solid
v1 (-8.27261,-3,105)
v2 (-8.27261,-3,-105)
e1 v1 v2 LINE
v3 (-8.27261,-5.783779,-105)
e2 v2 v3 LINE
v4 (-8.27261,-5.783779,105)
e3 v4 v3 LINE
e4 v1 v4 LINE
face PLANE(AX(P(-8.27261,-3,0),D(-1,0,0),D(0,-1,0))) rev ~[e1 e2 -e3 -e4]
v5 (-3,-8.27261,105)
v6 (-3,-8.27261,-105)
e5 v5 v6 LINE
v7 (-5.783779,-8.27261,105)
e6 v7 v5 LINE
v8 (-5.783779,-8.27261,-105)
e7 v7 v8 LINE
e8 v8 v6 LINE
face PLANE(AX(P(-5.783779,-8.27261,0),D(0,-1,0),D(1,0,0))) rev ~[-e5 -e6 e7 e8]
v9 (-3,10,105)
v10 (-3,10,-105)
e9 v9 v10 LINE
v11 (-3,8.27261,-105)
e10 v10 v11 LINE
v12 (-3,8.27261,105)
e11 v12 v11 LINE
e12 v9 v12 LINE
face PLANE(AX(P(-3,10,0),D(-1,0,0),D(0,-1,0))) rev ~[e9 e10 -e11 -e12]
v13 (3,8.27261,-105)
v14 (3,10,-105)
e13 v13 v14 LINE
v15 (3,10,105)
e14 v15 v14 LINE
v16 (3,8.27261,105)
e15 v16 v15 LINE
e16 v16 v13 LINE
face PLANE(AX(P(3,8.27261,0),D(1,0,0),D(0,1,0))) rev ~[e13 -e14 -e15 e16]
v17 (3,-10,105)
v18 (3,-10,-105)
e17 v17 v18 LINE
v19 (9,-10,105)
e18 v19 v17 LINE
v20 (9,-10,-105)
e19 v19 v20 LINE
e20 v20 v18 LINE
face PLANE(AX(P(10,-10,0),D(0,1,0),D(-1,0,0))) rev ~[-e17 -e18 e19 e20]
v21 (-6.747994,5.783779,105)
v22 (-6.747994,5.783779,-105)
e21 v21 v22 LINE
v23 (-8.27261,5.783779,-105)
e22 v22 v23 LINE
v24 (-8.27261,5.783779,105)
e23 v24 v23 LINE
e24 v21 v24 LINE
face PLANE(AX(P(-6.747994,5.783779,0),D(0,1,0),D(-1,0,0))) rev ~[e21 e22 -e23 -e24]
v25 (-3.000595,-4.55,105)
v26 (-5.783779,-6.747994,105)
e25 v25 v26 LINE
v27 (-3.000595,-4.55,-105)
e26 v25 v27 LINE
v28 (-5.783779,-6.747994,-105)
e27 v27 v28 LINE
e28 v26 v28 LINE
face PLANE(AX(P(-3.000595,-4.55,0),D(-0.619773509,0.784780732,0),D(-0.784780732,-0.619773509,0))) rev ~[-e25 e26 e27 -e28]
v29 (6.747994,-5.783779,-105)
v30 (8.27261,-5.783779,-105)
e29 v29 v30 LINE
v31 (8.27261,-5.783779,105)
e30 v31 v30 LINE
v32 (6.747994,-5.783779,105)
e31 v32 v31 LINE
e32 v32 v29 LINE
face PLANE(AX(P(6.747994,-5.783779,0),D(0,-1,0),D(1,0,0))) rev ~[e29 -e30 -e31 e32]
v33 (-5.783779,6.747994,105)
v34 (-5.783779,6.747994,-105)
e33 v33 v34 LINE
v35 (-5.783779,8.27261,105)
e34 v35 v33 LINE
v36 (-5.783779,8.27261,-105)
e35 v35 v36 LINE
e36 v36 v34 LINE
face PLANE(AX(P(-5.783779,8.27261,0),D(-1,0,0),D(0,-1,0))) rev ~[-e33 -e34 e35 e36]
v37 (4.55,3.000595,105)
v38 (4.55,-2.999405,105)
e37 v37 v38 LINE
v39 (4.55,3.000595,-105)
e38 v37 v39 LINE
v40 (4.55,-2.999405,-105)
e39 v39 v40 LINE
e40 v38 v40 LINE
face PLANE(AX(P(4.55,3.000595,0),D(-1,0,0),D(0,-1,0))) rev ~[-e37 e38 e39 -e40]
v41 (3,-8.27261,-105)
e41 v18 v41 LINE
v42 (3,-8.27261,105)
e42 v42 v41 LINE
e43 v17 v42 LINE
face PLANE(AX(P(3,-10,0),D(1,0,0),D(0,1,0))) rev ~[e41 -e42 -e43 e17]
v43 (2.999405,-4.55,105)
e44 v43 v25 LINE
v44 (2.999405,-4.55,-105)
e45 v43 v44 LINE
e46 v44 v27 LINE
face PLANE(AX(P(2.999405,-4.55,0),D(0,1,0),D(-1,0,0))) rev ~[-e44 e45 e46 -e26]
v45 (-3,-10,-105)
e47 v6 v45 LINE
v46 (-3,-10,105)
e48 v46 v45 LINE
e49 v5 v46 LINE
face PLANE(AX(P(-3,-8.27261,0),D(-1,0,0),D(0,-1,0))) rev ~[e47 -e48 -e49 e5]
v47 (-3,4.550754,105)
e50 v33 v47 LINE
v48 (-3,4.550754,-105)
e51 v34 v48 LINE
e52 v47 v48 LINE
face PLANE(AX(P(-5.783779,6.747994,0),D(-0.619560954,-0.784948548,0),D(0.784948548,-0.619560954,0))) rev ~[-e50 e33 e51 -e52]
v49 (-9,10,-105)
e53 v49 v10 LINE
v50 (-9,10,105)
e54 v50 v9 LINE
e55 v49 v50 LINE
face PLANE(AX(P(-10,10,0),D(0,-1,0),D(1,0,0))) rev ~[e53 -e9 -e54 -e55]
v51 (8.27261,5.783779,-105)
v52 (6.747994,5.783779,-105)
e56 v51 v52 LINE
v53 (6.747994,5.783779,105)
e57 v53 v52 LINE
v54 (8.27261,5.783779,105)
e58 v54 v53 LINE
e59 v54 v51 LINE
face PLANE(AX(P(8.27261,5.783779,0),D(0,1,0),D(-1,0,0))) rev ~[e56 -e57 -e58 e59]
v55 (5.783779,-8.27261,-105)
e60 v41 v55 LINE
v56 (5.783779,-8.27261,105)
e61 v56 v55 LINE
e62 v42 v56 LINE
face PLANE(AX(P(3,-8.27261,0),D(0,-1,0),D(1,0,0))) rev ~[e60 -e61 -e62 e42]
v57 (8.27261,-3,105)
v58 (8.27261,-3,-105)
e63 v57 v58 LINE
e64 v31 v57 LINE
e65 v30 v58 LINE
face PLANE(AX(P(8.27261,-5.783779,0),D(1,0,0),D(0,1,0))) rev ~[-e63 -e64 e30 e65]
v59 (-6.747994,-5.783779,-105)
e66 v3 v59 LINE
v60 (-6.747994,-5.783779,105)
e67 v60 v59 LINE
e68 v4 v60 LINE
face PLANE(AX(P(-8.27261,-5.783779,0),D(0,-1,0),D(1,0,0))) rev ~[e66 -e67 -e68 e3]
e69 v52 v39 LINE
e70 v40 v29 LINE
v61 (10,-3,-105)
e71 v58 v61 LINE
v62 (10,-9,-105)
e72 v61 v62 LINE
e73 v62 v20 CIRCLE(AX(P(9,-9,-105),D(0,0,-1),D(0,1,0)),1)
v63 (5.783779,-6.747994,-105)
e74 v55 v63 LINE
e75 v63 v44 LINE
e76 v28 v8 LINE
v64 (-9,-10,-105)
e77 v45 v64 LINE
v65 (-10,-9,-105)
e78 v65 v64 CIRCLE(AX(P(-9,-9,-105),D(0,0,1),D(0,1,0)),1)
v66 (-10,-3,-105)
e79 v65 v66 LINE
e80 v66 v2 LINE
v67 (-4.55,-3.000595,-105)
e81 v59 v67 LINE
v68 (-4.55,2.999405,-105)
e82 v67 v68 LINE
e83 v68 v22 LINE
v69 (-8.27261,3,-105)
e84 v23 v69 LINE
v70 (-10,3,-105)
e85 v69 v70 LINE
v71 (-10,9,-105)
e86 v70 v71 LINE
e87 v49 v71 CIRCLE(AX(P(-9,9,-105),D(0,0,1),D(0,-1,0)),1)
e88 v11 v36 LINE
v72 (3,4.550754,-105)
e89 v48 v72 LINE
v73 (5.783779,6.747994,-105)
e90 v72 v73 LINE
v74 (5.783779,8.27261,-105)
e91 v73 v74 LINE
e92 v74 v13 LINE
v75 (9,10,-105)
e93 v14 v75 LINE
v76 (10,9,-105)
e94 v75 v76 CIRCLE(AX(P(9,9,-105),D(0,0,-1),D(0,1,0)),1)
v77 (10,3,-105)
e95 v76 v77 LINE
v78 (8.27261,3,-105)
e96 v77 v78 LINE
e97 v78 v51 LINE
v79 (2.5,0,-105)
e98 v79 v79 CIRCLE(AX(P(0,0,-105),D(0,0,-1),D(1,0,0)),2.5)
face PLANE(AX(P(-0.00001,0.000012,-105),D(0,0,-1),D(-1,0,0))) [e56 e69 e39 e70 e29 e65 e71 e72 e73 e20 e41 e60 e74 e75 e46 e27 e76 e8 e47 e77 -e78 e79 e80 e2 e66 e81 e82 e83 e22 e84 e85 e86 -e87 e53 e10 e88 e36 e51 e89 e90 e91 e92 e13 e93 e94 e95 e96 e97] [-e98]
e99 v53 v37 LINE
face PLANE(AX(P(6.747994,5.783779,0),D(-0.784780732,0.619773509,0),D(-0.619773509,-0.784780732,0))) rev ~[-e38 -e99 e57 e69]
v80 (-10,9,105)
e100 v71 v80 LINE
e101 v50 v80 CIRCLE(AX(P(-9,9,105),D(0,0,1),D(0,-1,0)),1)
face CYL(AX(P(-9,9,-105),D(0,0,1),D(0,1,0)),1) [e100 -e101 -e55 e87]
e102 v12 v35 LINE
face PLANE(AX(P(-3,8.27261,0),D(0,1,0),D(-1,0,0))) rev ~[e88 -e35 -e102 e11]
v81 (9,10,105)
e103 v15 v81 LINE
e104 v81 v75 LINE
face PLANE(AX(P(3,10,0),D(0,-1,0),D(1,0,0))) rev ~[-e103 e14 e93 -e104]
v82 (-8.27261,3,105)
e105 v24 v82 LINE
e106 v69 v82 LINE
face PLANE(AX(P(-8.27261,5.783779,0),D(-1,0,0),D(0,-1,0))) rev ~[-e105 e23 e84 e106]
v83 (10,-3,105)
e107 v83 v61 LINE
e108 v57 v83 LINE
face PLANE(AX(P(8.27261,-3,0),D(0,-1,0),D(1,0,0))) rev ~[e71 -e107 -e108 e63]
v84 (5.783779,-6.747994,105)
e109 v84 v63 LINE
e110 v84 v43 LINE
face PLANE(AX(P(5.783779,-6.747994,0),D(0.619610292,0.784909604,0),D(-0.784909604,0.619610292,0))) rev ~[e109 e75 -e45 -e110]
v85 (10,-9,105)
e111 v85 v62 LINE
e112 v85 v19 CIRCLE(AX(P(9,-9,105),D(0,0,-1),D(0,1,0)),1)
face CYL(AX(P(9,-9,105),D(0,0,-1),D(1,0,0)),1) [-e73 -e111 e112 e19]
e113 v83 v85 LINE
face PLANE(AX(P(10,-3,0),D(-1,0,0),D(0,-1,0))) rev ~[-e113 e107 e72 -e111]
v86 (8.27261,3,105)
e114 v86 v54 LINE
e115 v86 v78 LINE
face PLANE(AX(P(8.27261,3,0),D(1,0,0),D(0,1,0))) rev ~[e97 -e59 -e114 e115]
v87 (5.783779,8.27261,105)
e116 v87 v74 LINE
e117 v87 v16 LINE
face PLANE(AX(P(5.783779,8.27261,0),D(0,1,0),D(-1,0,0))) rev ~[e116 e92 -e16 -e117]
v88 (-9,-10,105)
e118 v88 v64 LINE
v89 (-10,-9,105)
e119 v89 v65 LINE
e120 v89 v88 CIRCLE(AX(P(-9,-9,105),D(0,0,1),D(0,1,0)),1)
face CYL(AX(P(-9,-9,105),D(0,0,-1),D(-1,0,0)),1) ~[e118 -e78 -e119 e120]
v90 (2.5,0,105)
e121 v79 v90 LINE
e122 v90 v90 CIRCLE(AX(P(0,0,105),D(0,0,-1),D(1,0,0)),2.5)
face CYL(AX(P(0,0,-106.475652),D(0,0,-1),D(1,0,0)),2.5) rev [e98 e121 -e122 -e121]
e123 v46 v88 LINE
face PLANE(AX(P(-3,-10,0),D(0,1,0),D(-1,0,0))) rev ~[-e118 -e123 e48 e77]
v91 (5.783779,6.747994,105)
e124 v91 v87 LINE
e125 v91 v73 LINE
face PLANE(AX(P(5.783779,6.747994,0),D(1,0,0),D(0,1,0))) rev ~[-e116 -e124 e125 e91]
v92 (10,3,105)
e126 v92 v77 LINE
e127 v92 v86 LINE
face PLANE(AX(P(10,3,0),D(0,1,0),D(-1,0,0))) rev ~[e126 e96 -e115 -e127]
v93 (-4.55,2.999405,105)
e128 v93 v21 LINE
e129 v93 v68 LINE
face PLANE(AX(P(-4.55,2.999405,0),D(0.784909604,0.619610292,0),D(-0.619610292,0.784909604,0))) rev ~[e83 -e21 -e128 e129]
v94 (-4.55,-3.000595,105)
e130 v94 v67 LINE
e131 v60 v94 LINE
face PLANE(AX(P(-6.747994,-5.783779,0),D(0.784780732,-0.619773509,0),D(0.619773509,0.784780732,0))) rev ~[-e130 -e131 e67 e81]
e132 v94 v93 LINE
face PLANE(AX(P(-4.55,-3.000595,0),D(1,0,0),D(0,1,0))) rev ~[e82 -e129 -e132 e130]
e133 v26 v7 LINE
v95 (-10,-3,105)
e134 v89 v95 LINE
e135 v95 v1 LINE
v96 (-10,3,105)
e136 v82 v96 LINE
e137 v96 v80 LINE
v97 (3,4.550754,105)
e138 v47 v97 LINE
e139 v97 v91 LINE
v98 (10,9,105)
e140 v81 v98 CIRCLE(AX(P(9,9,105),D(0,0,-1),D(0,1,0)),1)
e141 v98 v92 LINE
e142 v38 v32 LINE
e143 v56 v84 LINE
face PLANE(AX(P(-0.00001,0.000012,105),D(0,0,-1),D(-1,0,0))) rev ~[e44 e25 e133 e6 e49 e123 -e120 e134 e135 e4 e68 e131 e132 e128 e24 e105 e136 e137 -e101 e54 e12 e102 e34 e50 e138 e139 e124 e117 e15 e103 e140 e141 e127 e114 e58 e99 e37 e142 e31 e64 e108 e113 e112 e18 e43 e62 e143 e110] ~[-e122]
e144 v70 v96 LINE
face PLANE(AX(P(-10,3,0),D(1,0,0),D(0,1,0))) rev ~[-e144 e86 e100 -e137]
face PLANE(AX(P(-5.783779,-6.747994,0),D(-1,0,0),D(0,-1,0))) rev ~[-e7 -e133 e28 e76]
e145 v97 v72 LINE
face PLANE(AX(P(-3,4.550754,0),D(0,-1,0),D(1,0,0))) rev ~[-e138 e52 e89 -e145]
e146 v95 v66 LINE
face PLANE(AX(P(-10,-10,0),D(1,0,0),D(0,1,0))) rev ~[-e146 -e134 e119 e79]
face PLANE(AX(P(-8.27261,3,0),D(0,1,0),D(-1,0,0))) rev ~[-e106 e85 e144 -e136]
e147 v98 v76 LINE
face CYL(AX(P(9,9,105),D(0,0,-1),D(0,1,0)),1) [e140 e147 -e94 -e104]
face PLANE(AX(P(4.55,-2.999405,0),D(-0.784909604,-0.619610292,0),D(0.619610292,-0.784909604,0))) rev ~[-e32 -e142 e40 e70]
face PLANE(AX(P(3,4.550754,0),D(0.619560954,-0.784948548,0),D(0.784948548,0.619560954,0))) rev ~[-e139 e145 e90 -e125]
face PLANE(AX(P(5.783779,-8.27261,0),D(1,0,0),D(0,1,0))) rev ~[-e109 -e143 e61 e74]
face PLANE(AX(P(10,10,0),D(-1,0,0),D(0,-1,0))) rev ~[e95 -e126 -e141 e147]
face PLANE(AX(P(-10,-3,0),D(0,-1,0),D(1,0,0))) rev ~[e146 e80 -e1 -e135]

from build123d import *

# Parameters (mm, degrees)
BOSS_EXTRUDE1_DEPTH     = 105
CUT_EXTRUDE1_DEPTH      = 211.475651798
CUT_EXTRUDE1_DEPTH_BACK = 211.475651798
SKETCH2_R               = 2.5
FILLET1_R               = 1


with BuildPart() as part:
    # Sketch1 → Boss-Extrude1 (new, symmetric)
    with BuildSketch(Plane.XY):
        Polygon((-10, 10), (-3, 10), (-3, 8.272610059), (-5.783778863, 8.272610059), (-5.783778863, 6.747994248), (-3, 4.550753814), (3, 4.550753814), (5.783778863, 6.747994248), (5.783778863, 8.272610059), (3, 8.272610059), (3, 10), (10, 10), (10, 3), (8.272610059, 3), (8.272610059, 5.783778863), (6.747994248, 5.783778863), (4.55, 3.000595152), (4.55, -2.999404848), (6.747994248, -5.783778863), (8.272610059, -5.783778863), (8.272610059, -3), (10, -3), (10, -10), (3, -10), (3, -8.272610059), (5.783778863, -8.272610059), (5.783778863, -6.747994248), (2.999404848, -4.55), (-3.000595152, -4.55), (-5.783778863, -6.747994248), (-5.783778863, -8.272610059), (-3, -8.272610059), (-3, -10), (-10, -10), (-10, -3), (-8.272610059, -3), (-8.272610059, -5.783778863), (-6.747994248, -5.783778863), (-4.55, -3.000595152), (-4.55, 2.999404848), (-6.747994248, 5.783778863), (-8.272610059, 5.783778863), (-8.272610059, 3), (-10, 3), align=None)
    extrude(amount=BOSS_EXTRUDE1_DEPTH, both=True)

    # Sketch2 → Cut-Extrude1 (cut, two sides: drawn at the far end of the back side and taken through both)
    with BuildSketch(Plane.XY.offset(105).offset(-CUT_EXTRUDE1_DEPTH_BACK)):
        Circle(SKETCH2_R)
    extrude(amount=CUT_EXTRUDE1_DEPTH + CUT_EXTRUDE1_DEPTH_BACK, mode=Mode.SUBTRACT)

    # Fillet1
    fillet1_edges = [part.edges().sort_by_distance(p)[0] for p in [
        (-10, 10, 0),
        (10, 10, 0),
        (10, -10, 0),
        (-10, -10, 0),
    ]]
    fillet(fillet1_edges, radius=FILLET1_R)


solid = part.part
